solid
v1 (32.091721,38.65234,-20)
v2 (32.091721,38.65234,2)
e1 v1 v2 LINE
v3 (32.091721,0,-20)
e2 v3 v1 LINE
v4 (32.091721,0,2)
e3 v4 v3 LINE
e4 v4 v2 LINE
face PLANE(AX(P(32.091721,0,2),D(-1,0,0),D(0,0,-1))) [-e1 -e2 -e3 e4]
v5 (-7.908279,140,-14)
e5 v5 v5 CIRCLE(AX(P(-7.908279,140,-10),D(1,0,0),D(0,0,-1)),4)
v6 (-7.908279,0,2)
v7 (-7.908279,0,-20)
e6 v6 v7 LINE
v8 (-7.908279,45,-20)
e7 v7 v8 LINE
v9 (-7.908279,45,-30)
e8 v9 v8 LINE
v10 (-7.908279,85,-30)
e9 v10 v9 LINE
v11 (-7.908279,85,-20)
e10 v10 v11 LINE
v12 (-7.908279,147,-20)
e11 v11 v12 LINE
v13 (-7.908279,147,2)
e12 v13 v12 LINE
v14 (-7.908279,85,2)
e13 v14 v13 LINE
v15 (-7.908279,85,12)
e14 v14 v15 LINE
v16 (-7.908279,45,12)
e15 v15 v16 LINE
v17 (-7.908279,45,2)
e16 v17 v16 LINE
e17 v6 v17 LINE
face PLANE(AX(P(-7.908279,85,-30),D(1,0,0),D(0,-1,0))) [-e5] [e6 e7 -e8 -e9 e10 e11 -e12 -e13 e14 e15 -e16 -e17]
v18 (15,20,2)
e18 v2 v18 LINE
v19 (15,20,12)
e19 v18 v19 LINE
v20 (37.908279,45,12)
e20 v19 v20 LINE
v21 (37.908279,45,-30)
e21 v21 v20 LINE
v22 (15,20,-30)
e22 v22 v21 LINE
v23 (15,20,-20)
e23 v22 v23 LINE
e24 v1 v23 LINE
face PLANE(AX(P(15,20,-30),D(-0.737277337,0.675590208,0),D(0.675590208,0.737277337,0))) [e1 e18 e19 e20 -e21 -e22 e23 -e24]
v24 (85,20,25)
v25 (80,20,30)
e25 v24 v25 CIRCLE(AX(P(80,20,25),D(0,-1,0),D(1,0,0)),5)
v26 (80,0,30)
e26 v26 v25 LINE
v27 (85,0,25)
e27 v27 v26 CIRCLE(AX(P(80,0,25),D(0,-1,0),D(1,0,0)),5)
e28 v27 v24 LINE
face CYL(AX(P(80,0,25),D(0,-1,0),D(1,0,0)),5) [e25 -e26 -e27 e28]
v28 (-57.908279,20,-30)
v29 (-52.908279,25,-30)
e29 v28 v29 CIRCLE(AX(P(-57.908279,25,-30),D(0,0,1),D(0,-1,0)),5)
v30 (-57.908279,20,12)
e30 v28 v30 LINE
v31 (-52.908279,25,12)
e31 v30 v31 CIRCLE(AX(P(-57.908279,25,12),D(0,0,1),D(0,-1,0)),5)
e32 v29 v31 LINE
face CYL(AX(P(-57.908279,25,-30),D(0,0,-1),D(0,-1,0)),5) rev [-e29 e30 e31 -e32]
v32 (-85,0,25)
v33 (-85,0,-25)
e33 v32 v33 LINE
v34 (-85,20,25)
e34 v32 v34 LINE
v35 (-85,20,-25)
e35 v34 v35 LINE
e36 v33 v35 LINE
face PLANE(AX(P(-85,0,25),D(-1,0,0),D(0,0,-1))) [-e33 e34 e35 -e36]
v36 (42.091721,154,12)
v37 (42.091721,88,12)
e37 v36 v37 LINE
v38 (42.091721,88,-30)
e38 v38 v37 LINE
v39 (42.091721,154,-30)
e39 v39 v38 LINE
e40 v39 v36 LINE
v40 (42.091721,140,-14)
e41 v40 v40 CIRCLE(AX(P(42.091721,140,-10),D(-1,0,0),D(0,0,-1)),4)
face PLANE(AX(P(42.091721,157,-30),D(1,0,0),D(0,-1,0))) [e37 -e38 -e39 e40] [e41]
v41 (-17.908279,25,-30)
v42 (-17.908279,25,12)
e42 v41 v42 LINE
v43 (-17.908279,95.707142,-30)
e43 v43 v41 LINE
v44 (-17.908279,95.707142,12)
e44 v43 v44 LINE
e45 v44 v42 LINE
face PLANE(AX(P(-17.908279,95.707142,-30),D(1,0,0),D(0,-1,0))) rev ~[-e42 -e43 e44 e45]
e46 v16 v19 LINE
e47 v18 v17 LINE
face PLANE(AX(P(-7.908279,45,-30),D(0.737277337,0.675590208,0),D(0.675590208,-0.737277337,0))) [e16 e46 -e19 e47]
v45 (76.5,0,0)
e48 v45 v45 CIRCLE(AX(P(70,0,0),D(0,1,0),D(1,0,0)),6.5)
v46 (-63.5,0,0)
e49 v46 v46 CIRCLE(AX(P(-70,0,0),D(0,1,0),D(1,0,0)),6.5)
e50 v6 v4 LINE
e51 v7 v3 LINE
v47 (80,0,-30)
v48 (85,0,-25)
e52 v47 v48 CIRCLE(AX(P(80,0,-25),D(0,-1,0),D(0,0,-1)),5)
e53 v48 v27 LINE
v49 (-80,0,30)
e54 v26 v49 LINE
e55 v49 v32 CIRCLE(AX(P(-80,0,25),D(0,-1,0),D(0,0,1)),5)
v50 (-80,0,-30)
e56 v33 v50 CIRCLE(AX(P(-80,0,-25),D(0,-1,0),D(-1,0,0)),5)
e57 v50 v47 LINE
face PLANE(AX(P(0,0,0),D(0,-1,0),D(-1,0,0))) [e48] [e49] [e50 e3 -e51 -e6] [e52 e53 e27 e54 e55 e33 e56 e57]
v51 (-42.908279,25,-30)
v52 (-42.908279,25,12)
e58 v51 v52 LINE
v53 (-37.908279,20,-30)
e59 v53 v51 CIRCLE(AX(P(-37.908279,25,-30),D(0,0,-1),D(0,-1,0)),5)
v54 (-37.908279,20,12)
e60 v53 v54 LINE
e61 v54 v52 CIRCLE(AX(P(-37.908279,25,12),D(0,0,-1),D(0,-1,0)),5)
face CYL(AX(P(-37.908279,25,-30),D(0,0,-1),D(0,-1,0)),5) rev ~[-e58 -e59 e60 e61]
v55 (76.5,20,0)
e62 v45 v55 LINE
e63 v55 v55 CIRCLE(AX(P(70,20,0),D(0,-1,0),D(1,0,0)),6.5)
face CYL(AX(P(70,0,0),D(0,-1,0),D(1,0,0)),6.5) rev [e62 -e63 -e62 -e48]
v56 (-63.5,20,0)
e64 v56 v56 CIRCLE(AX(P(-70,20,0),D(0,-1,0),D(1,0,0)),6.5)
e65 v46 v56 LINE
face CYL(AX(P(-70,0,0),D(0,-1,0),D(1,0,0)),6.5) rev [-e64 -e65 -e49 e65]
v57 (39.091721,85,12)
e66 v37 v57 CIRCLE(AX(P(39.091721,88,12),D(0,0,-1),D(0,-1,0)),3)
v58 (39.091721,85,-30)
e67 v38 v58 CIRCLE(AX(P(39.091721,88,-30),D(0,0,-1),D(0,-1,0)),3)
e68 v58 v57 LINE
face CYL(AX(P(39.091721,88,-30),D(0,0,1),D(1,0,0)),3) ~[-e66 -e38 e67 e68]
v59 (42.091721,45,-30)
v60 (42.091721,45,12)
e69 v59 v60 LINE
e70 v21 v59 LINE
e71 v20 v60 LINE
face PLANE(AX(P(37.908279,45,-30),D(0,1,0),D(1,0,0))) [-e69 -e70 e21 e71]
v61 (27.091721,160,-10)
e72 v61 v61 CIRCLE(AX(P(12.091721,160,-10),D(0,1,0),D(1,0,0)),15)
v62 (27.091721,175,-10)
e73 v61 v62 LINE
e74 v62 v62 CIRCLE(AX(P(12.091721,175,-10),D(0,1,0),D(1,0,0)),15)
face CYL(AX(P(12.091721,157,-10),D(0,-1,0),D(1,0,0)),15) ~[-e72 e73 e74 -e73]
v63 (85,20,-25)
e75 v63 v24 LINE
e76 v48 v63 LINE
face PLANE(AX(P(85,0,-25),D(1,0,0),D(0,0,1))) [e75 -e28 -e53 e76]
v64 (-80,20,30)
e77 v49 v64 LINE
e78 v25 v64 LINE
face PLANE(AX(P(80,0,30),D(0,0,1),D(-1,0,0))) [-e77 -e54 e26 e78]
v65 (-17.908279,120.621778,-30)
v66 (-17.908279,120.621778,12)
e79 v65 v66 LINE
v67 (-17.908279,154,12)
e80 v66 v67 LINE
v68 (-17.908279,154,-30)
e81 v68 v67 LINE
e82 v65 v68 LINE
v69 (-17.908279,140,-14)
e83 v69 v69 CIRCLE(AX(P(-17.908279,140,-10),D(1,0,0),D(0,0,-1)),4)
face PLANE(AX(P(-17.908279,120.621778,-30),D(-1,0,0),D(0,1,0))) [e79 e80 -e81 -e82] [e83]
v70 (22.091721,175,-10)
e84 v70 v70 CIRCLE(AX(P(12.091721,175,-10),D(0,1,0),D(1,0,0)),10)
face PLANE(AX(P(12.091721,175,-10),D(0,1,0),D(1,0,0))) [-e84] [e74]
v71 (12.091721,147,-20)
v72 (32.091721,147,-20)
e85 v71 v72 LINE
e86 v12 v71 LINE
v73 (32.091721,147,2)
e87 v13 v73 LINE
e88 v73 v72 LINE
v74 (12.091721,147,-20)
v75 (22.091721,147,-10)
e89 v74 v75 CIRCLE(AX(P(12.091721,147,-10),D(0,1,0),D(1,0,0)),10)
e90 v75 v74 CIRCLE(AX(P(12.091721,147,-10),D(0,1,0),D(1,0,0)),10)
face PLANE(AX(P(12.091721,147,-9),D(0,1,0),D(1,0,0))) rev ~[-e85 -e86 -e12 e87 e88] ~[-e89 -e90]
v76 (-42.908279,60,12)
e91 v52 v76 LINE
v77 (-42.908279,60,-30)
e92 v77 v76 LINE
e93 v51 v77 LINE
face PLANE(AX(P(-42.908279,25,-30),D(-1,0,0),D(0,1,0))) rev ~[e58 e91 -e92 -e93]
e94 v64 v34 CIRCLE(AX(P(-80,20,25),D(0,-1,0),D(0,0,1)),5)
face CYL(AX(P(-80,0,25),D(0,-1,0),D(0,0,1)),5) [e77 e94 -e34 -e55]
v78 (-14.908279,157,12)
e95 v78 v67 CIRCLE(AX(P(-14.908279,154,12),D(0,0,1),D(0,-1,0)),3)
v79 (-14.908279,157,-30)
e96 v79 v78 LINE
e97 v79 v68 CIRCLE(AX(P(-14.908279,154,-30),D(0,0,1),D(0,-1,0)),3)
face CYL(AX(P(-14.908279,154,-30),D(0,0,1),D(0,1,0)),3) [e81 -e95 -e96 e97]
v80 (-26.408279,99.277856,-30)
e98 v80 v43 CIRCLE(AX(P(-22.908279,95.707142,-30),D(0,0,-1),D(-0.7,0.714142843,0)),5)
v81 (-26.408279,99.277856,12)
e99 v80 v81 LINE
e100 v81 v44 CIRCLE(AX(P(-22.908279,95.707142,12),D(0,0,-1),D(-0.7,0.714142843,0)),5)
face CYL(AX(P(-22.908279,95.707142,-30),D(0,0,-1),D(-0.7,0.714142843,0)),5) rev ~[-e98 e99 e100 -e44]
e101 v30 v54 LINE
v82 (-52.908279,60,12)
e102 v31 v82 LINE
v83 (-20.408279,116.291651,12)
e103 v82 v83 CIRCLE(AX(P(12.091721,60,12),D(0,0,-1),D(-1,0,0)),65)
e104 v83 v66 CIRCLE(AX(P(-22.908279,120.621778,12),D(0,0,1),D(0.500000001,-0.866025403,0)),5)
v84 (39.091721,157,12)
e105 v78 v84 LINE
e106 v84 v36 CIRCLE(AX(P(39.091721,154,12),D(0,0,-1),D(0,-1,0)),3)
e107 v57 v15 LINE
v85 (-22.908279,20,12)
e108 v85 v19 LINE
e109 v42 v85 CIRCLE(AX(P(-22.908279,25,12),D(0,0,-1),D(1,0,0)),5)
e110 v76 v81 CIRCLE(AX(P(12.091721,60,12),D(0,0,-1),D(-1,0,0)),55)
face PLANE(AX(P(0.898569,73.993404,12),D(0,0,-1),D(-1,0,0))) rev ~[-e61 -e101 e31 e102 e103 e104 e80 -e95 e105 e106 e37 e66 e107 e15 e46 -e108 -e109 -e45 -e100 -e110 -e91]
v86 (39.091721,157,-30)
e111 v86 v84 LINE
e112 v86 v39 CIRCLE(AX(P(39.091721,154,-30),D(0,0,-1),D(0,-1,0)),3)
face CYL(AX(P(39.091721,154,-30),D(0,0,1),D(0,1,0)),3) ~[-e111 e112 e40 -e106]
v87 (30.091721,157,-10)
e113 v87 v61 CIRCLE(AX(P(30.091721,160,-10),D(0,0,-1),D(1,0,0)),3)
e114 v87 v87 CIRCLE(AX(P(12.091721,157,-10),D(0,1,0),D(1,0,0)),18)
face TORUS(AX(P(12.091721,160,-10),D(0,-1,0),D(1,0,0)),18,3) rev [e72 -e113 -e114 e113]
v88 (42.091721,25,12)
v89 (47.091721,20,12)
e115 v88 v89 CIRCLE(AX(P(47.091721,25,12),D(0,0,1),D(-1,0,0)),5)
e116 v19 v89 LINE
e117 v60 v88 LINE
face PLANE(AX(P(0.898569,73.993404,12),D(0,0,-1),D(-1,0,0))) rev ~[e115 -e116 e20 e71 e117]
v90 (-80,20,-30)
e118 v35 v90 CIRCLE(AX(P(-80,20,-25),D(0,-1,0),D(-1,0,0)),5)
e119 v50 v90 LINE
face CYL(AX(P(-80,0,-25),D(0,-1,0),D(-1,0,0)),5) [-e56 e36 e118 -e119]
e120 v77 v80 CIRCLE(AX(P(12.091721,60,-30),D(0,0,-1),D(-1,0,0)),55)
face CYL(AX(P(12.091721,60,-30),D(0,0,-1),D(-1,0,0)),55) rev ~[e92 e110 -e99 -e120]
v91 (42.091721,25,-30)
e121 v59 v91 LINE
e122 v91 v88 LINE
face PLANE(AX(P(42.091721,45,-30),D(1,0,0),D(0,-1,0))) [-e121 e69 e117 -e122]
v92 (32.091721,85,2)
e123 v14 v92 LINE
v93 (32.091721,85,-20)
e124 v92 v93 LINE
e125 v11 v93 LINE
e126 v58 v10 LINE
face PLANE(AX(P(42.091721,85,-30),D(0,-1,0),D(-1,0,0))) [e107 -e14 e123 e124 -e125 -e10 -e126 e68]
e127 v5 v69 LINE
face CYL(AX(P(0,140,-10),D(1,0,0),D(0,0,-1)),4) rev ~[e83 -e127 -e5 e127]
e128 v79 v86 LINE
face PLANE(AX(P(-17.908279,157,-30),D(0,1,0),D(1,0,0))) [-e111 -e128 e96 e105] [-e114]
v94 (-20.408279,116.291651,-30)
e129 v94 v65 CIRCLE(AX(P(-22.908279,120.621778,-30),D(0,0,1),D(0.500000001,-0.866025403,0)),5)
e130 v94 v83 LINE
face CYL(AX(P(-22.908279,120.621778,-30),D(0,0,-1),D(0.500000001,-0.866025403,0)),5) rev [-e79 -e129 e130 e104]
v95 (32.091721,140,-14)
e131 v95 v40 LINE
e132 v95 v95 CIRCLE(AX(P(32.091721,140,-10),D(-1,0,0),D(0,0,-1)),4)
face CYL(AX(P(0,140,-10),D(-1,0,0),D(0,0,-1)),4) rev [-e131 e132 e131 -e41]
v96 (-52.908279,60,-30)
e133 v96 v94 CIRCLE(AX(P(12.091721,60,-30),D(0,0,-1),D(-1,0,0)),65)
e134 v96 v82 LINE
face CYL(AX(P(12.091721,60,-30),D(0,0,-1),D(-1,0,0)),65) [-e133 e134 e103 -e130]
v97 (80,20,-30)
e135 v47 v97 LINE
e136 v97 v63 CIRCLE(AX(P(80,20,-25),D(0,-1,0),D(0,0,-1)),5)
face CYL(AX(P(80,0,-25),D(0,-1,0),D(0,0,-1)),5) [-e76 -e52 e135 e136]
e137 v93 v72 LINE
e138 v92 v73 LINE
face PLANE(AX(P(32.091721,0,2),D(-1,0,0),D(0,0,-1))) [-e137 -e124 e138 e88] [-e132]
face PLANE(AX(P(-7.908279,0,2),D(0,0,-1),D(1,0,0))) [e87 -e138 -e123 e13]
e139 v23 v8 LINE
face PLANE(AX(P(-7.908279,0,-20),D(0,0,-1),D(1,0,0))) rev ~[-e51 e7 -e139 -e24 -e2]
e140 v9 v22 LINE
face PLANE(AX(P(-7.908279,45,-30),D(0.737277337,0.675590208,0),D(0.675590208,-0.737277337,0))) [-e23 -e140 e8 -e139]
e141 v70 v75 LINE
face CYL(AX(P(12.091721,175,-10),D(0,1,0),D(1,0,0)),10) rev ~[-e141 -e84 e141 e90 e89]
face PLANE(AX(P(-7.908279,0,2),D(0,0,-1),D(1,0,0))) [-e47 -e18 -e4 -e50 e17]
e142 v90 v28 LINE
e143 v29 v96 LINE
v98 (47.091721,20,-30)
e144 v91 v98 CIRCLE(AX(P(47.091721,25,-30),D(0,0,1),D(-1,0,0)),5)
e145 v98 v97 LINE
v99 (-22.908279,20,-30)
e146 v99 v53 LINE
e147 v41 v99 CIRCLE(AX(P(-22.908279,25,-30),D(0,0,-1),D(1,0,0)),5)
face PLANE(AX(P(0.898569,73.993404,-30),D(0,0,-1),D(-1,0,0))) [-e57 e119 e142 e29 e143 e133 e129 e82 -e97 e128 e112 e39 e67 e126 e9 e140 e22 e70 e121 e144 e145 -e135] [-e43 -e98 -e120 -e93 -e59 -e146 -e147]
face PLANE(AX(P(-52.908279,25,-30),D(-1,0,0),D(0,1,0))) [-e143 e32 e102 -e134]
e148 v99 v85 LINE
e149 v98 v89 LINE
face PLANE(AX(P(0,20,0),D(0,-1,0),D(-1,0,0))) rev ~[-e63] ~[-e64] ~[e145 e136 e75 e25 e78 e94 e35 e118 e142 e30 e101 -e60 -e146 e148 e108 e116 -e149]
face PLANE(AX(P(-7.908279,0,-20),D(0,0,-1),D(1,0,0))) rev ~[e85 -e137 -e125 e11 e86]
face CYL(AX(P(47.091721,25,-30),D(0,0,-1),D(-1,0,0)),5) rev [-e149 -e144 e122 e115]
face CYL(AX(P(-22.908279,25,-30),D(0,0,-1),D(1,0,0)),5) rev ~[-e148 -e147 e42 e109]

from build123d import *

# Parameters (mm, degrees)
BOSS_EXTRUDE1_DEPTH     = 20
BOSS_EXTRUDE4_START     = -30
BOSS_EXTRUDE4_DEPTH     = 42
SKETCH10_W              = 40
SKETCH10_H              = 22
CUT_EXTRUDE3_DEPTH      = 147
SKETCH11_R              = 15
BOSS_EXTRUDE5_DEPTH     = 18
CUT_EXTRUDE4_REACH      = 177
SKETCH12_R              = 10
FILLET1_R               = 3
SKETCH13_R              = 4
CUT_EXTRUDE5_DEPTH      = 86
CUT_EXTRUDE5_DEPTH_BACK = 86
CUT_EXTRUDE7_REACH      = 177
SKETCH16_R              = 6.5


with BuildPart() as part:
    # Sketch1 → Boss-Extrude1 (new body)
    with BuildSketch(Plane(origin=(0, 0, 0), x_dir=(1, 0, 0), z_dir=(0, 1, 0))):
        with BuildLine():
            Line((-80, 30), (80, 30))
            ThreePointArc((80, 30), (83.535533906, 28.535533906), (85, 25))
            Line((85, 25), (85, -25))
            ThreePointArc((85, -25), (83.535533906, -28.535533906), (80, -30))
            Line((80, -30), (-80, -30))
            ThreePointArc((-80, -30), (-83.535533906, -28.535533906), (-85, -25))
            Line((-85, -25), (-85, 25))
            ThreePointArc((-85, 25), (-83.535533906, 28.535533906), (-80, 30))
        make_face()
    extrude(amount=BOSS_EXTRUDE1_DEPTH)

    # Sketch2 → Boss-Extrude4 (add)
    with BuildSketch(Plane.XY.offset(BOSS_EXTRUDE4_START)):
        with BuildLine():
            Line((-17.90827935, 157), (42.09172065, 157))
            Line((42.09172065, 157), (42.09172065, 85))
            Line((42.09172065, 85), (-7.90827935, 85))
            Line((-7.90827935, 85), (-7.90827935, 45))
            Line((-7.90827935, 45), (15, 20))
            Line((15, 20), (37.90827935, 45))
            Line((37.90827935, 45), (42.09172065, 45))
            Line((42.09172065, 45), (42.09172065, 25))
            ThreePointArc((42.09172065, 25), (43.556186744, 21.464466094), (47.09172065, 20))
            Line((47.09172065, 20), (50, 20))
            Line((50, 20), (50, 17))
            Line((50, 17), (-58, 17))
            Line((-58, 17), (-58, 20))
            Line((-58, 20), (-57.90827935, 20))
            ThreePointArc((-57.90827935, 20), (-54.372745445, 21.464466094), (-52.90827935, 25))
            Line((-52.90827935, 25), (-52.90827935, 60))
            ThreePointArc((-52.90827935, 60), (-44.199930596, 92.5), (-20.40827935, 116.291651246))
            ThreePointArc((-20.40827935, 116.291651246), (-18.578152332, 118.121778265), (-17.90827935, 120.621778265))
            Line((-17.90827935, 120.621778265), (-17.90827935, 157))
        make_face()
        with BuildLine():
            Line((-17.90827935, 95.707142143), (-17.90827935, 25))
            ThreePointArc((-17.90827935, 25), (-19.372745445, 21.464466094), (-22.90827935, 20))
            Line((-22.90827935, 20), (-37.90827935, 20))
            ThreePointArc((-37.90827935, 20), (-41.443813256, 21.464466094), (-42.90827935, 25))
            Line((-42.90827935, 25), (-42.90827935, 60))
            ThreePointArc((-42.90827935, 60), (-38.615773866, 81.301408404), (-26.40827935, 99.277856357))
            ThreePointArc((-26.40827935, 99.277856357), (-20.971787677, 100.316914371), (-17.90827935, 95.707142143))
        make_face(mode=Mode.SUBTRACT)
    extrude(amount=BOSS_EXTRUDE4_DEPTH)

    # Sketch10 → Cut-Extrude3 (cut)
    with BuildSketch(Plane(origin=(0, 0, 0), x_dir=(1, 0, 0), z_dir=(0, 1, 0))):
        with Locations((12.09172065, 9)):
            Rectangle(SKETCH10_W, SKETCH10_H)
    extrude(amount=CUT_EXTRUDE3_DEPTH, mode=Mode.SUBTRACT)

    # Sketch11 → Boss-Extrude5 (add)
    with BuildSketch(Plane(origin=(0, 157, 0), x_dir=(1, 0, 0), z_dir=(0, 1, 0))):
        with Locations((12.09172065, 10)):
            Circle(SKETCH11_R)
    extrude(amount=BOSS_EXTRUDE5_DEPTH)

    # Sketch12 → Cut-Extrude4 (cut, up to next)
    with BuildSketch(Plane(origin=(0, 175, 0), x_dir=(1, 0, 0), z_dir=(0, 1, 0)), mode=Mode.PRIVATE) as cut_extrude4_sk1:
        with Locations((12.09172065, 10)):
            Circle(SKETCH12_R)
    cut_extrude4_tool1 = extrude(cut_extrude4_sk1.sketch, amount=-CUT_EXTRUDE4_REACH, mode=Mode.PRIVATE) & part.part
    add(cut_extrude4_tool1.solids().sort_by_distance((12.091721, 175, -10))[0], mode=Mode.SUBTRACT)

    # Fillet1
    fillet1_edges = [part.edges().sort_by_distance(p)[0] for p in [
        (-2.90827935, 157, -10),
        (42.09172065, 85, -9),
        (42.09172065, 157, -9),
        (-17.90827935, 157, -9),
    ]]
    fillet(fillet1_edges, radius=FILLET1_R)

    # Sketch13 → Cut-Extrude5 (cut, two sides)
    with BuildSketch(Plane(origin=(0, 0, 0), x_dir=(0, 0, -1), z_dir=(1, 0, 0))) as cut_extrude5_sk:
        with Locations((10, 140)):
            Circle(SKETCH13_R)
    extrude(amount=CUT_EXTRUDE5_DEPTH, mode=Mode.SUBTRACT)
    extrude(cut_extrude5_sk.sketch, amount=-CUT_EXTRUDE5_DEPTH_BACK, mode=Mode.SUBTRACT)

    # Sketch16 → Cut-Extrude7 (cut, up to next)
    with BuildSketch(Plane(origin=(0, 0, 0), x_dir=(1, 0, 0), z_dir=(0, 1, 0)), mode=Mode.PRIVATE) as cut_extrude7_sk1:
        with Locations((-70, 0)):
            Circle(SKETCH16_R)
    cut_extrude7_tool1 = extrude(cut_extrude7_sk1.sketch, amount=CUT_EXTRUDE7_REACH, mode=Mode.PRIVATE) & part.part
    add(cut_extrude7_tool1.solids().sort_by_distance((-70, 0, 0))[0], mode=Mode.SUBTRACT)
    # Sketch16 → Cut-Extrude7 (cut, up to next)
    with BuildSketch(Plane(origin=(0, 0, 0), x_dir=(1, 0, 0), z_dir=(0, 1, 0)), mode=Mode.PRIVATE) as cut_extrude7_sk2:
        with Locations((70, 0)):
            Circle(SKETCH16_R)
    cut_extrude7_tool2 = extrude(cut_extrude7_sk2.sketch, amount=CUT_EXTRUDE7_REACH, mode=Mode.PRIVATE) & part.part
    add(cut_extrude7_tool2.solids().sort_by_distance((70, 0, 0))[0], mode=Mode.SUBTRACT)


solid = part.part
